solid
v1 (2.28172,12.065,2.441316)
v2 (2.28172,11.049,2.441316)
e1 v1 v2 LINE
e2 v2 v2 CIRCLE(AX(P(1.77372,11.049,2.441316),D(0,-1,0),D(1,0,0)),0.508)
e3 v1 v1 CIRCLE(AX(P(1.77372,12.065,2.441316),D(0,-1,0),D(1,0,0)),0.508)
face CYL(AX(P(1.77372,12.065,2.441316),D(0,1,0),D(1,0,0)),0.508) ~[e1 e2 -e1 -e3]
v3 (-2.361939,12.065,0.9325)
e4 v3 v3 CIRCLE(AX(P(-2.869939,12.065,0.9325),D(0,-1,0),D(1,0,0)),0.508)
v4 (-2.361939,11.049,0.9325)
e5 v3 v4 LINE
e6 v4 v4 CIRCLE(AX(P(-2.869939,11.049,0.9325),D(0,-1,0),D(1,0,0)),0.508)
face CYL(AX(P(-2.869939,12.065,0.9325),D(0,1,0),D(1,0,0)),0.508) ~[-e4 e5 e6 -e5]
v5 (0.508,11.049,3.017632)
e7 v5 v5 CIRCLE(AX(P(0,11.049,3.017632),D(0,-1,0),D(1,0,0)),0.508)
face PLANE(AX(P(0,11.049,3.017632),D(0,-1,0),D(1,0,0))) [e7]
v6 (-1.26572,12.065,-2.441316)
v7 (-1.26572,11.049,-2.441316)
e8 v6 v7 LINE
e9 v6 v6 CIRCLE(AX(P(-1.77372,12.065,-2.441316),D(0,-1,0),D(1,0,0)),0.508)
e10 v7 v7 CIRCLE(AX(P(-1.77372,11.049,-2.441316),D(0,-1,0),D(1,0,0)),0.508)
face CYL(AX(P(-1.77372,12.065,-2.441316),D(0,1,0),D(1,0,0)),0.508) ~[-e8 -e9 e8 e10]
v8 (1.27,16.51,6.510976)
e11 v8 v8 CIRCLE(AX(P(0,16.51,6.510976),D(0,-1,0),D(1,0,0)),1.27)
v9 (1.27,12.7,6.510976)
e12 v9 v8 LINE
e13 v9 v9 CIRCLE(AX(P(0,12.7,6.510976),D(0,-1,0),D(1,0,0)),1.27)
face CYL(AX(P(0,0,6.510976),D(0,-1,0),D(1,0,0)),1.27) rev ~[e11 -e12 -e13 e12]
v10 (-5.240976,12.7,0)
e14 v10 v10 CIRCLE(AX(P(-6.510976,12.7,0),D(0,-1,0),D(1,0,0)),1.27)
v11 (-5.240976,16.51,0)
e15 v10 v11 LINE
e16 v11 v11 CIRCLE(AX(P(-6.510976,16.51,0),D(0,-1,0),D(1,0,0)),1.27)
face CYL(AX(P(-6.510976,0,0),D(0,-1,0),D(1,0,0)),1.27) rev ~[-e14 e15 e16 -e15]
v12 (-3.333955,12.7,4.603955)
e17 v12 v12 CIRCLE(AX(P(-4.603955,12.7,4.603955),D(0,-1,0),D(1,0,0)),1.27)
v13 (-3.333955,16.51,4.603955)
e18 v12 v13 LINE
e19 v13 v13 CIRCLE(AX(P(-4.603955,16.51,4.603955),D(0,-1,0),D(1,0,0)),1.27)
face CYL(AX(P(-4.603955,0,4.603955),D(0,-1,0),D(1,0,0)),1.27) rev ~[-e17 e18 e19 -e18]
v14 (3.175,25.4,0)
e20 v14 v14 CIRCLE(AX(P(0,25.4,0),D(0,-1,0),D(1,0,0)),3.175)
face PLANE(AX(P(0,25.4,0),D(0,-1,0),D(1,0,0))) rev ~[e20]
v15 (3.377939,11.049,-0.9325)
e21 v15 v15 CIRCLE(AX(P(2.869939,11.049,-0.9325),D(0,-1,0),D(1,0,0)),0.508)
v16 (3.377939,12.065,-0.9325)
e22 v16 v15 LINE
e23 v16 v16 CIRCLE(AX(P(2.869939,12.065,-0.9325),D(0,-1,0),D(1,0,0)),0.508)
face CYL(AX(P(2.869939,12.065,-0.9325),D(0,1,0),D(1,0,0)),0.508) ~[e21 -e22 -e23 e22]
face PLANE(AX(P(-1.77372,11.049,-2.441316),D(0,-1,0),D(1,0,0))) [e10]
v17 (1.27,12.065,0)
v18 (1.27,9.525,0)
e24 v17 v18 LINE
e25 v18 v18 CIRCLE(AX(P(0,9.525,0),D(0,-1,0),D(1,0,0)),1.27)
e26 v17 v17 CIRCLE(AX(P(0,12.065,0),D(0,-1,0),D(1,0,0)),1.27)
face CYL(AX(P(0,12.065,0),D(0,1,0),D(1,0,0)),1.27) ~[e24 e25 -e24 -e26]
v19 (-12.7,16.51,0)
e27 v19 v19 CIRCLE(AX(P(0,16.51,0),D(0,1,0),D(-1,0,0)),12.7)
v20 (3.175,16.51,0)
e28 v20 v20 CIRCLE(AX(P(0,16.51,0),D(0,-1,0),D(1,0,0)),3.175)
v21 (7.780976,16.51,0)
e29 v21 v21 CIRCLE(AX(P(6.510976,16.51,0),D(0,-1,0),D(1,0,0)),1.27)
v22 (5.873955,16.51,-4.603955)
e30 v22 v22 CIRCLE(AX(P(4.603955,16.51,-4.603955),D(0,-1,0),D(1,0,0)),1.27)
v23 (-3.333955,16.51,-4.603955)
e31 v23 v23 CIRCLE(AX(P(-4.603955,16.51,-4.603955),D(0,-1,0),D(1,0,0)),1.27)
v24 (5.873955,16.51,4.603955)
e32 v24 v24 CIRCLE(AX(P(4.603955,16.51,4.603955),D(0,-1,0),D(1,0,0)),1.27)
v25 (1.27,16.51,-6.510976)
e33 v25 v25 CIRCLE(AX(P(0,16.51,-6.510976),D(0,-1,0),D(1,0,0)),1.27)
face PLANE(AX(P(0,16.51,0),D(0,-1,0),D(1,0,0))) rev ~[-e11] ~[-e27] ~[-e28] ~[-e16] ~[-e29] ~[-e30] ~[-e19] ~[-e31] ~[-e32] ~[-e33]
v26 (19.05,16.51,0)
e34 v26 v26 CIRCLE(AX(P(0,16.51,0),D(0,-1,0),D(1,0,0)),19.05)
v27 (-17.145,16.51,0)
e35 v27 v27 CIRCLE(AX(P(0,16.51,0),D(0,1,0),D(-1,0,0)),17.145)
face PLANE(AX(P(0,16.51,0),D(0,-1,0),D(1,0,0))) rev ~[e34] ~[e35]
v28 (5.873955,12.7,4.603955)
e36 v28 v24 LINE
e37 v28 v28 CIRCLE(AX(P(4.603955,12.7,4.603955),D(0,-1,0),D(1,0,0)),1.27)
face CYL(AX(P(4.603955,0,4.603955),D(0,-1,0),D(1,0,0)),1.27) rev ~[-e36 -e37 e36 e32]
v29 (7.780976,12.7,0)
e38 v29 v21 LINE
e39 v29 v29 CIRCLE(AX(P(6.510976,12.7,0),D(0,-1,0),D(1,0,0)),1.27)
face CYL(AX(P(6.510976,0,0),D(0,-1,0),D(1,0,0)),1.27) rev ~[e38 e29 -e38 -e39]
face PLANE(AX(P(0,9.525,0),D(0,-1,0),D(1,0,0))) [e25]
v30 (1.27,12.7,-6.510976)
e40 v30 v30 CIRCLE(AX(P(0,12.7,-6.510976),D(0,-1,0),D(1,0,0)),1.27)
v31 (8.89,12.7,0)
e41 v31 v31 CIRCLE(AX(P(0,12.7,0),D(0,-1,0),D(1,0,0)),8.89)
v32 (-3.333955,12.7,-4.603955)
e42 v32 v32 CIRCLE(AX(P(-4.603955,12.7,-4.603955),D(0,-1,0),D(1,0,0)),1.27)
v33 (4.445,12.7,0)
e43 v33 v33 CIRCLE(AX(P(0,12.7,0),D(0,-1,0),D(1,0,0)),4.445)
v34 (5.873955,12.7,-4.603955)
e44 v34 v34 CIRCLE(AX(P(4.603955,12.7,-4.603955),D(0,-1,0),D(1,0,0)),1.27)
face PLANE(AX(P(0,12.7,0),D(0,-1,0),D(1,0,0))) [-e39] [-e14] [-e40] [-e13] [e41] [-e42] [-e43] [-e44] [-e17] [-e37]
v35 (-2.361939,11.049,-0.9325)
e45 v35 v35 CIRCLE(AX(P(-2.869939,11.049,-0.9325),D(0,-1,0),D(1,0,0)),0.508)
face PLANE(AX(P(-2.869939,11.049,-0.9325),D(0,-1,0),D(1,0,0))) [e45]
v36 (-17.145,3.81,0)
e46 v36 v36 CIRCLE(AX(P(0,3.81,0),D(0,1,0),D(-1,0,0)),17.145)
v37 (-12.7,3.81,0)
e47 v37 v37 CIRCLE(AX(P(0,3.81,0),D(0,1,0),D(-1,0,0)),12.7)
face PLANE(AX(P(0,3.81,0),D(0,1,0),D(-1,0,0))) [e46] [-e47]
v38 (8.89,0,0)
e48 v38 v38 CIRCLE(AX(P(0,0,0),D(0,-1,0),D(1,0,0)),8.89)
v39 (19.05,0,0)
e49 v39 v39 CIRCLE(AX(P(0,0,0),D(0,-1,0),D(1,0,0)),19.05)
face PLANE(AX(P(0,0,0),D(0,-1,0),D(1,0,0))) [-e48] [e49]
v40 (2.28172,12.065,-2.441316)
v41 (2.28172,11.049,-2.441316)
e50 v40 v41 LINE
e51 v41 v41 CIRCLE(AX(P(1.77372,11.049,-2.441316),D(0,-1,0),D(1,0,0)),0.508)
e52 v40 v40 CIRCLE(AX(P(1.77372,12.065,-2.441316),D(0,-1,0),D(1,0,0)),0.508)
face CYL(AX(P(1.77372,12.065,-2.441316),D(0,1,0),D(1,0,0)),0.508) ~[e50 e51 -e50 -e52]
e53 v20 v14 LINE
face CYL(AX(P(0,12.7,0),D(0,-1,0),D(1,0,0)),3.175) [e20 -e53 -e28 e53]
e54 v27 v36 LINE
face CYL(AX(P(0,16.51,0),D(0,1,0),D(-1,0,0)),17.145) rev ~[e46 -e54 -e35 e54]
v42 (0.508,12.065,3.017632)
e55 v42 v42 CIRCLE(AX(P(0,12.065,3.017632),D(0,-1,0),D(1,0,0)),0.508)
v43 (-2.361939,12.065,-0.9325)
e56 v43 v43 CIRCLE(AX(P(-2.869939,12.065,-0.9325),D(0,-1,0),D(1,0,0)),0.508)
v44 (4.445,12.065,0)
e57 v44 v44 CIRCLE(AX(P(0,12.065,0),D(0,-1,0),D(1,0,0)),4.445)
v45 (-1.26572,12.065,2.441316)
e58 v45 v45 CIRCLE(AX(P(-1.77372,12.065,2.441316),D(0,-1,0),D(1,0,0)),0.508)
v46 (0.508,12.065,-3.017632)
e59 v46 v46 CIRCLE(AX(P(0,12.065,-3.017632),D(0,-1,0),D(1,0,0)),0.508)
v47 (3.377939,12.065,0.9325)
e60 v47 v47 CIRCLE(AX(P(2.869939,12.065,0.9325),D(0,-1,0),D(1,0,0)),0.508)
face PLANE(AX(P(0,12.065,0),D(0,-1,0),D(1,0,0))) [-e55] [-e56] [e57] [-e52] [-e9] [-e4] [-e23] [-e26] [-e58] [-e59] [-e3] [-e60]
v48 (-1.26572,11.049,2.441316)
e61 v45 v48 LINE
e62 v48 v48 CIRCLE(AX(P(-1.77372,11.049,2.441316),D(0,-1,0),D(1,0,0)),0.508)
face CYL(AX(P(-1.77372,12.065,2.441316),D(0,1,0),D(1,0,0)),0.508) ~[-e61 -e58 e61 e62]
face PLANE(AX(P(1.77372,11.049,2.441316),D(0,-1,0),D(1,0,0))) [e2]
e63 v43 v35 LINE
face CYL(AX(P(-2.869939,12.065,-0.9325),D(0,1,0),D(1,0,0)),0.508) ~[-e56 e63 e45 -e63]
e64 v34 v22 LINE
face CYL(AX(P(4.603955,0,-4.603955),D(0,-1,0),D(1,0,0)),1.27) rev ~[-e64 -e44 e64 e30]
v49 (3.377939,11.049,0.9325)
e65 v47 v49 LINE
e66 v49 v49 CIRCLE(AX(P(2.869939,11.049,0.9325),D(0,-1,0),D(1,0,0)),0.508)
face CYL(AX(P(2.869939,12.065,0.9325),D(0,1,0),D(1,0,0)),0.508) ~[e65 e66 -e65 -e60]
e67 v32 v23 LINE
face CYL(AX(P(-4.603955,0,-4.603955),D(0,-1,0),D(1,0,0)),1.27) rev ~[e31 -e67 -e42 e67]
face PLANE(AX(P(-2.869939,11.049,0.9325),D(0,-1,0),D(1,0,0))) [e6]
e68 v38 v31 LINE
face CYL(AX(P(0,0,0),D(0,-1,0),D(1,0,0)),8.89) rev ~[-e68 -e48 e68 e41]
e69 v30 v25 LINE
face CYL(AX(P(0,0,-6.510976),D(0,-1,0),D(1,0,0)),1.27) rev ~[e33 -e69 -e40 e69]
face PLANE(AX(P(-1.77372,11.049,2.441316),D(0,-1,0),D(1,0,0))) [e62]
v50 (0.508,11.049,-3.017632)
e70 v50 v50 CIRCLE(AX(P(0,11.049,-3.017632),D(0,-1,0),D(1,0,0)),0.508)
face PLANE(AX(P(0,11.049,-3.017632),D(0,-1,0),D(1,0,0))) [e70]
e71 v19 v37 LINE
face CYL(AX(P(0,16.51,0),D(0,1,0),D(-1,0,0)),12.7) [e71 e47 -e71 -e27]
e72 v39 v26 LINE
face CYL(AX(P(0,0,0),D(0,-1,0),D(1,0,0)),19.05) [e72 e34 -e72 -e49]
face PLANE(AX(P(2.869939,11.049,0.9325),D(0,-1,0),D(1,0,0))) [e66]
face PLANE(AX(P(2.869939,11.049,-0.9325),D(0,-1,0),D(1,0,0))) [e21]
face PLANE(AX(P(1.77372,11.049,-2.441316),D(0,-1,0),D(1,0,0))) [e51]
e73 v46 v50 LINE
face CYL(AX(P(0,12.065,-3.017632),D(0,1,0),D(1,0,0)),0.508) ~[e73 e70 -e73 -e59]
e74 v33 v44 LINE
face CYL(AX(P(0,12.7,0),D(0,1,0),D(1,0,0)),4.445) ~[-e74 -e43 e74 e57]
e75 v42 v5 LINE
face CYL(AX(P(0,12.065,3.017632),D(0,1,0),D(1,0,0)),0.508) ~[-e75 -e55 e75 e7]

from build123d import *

# Parameters (mm, degrees)
F0_R      = 19.05
F1_DEPTH  = 16.51
F2_R      = 8.89
F4_DEPTH  = 12.7
F3_R      = 1.27
F5_DEPTH  = 25.4
F6_R      = 3.175
F7_DEPTH  = 12.7
F8_R      = 4.445
F9_DEPTH  = 0.635
F10_R     = 1.27
F11_DEPTH = 2.54
F12_R     = 0.508
F13_DEPTH = 1.016
F14_R     = 17.145
F14_R_2   = 12.7
F15_DEPTH = 12.7


with BuildPart() as f1:
    # F0 (on Front) → F1 (new body)
    with BuildSketch(Plane.XZ):
        Circle(F0_R)
    extrude(amount=-F1_DEPTH)

    # F2 (on face) → F4 (cut)
    with BuildSketch(Plane.XZ):
        Circle(F2_R)
    extrude(amount=-F4_DEPTH, mode=Mode.SUBTRACT)

    # F3 (on face) → F5 (cut)
    with BuildSketch(Plane.XZ):
        with Locations((0, 6.510976)):
            Circle(F3_R)
        with Locations((4.603955, 4.603955)):
            Circle(F3_R)
        with Locations((6.510976, 0)):
            Circle(F3_R)
        with Locations((4.603955, -4.603955)):
            Circle(F3_R)
        with Locations((0, -6.510976)):
            Circle(F3_R)
        with Locations((-4.603955, -4.603955)):
            Circle(F3_R)
        with Locations((-6.510976, 0)):
            Circle(F3_R)
        with Locations((-4.603955, 4.603955)):
            Circle(F3_R)
    extrude(amount=-F5_DEPTH, mode=Mode.SUBTRACT)

    # F6 (on face) → F7 (join)
    with BuildSketch(Plane.XZ.offset(-12.7)):
        Circle(F6_R)
    extrude(amount=-F7_DEPTH)

    # F8 (on face) → F9 (join)
    with BuildSketch(Plane.XZ.offset(-12.7)):
        Circle(F8_R)
    extrude(amount=F9_DEPTH)

    # F10 (on face) → F11 (join)
    with BuildSketch(Plane.XZ.offset(-12.065)):
        Circle(F10_R)
    extrude(amount=F11_DEPTH)

    # F12 (on face) → F13 (join)
    with BuildSketch(Plane.XZ.offset(-12.065)):
        with Locations((1.77372, 2.441316)):
            Circle(F12_R)
        with Locations((2.869939, 0.9325)):
            Circle(F12_R)
        with Locations((2.869939, -0.9325)):
            Circle(F12_R)
        with Locations((1.77372, -2.441316)):
            Circle(F12_R)
        with Locations((0, -3.017632)):
            Circle(F12_R)
        with Locations((-1.77372, -2.441316)):
            Circle(F12_R)
        with Locations((-2.869939, -0.9325)):
            Circle(F12_R)
        with Locations((-2.869939, 0.9325)):
            Circle(F12_R)
        with Locations((-1.77372, 2.441316)):
            Circle(F12_R)
        with Locations((0, 3.017632)):
            Circle(F12_R)
    extrude(amount=F13_DEPTH)

    # F14 (on face) → F15 (cut)
    with BuildSketch(Plane(origin=(0, 16.51, 0), x_dir=(-1, 0, 0), z_dir=(0, 1, 0))):
        Circle(F14_R)
        Circle(F14_R_2, mode=Mode.SUBTRACT)
    extrude(amount=-F15_DEPTH, mode=Mode.SUBTRACT)


solid = f1.part
